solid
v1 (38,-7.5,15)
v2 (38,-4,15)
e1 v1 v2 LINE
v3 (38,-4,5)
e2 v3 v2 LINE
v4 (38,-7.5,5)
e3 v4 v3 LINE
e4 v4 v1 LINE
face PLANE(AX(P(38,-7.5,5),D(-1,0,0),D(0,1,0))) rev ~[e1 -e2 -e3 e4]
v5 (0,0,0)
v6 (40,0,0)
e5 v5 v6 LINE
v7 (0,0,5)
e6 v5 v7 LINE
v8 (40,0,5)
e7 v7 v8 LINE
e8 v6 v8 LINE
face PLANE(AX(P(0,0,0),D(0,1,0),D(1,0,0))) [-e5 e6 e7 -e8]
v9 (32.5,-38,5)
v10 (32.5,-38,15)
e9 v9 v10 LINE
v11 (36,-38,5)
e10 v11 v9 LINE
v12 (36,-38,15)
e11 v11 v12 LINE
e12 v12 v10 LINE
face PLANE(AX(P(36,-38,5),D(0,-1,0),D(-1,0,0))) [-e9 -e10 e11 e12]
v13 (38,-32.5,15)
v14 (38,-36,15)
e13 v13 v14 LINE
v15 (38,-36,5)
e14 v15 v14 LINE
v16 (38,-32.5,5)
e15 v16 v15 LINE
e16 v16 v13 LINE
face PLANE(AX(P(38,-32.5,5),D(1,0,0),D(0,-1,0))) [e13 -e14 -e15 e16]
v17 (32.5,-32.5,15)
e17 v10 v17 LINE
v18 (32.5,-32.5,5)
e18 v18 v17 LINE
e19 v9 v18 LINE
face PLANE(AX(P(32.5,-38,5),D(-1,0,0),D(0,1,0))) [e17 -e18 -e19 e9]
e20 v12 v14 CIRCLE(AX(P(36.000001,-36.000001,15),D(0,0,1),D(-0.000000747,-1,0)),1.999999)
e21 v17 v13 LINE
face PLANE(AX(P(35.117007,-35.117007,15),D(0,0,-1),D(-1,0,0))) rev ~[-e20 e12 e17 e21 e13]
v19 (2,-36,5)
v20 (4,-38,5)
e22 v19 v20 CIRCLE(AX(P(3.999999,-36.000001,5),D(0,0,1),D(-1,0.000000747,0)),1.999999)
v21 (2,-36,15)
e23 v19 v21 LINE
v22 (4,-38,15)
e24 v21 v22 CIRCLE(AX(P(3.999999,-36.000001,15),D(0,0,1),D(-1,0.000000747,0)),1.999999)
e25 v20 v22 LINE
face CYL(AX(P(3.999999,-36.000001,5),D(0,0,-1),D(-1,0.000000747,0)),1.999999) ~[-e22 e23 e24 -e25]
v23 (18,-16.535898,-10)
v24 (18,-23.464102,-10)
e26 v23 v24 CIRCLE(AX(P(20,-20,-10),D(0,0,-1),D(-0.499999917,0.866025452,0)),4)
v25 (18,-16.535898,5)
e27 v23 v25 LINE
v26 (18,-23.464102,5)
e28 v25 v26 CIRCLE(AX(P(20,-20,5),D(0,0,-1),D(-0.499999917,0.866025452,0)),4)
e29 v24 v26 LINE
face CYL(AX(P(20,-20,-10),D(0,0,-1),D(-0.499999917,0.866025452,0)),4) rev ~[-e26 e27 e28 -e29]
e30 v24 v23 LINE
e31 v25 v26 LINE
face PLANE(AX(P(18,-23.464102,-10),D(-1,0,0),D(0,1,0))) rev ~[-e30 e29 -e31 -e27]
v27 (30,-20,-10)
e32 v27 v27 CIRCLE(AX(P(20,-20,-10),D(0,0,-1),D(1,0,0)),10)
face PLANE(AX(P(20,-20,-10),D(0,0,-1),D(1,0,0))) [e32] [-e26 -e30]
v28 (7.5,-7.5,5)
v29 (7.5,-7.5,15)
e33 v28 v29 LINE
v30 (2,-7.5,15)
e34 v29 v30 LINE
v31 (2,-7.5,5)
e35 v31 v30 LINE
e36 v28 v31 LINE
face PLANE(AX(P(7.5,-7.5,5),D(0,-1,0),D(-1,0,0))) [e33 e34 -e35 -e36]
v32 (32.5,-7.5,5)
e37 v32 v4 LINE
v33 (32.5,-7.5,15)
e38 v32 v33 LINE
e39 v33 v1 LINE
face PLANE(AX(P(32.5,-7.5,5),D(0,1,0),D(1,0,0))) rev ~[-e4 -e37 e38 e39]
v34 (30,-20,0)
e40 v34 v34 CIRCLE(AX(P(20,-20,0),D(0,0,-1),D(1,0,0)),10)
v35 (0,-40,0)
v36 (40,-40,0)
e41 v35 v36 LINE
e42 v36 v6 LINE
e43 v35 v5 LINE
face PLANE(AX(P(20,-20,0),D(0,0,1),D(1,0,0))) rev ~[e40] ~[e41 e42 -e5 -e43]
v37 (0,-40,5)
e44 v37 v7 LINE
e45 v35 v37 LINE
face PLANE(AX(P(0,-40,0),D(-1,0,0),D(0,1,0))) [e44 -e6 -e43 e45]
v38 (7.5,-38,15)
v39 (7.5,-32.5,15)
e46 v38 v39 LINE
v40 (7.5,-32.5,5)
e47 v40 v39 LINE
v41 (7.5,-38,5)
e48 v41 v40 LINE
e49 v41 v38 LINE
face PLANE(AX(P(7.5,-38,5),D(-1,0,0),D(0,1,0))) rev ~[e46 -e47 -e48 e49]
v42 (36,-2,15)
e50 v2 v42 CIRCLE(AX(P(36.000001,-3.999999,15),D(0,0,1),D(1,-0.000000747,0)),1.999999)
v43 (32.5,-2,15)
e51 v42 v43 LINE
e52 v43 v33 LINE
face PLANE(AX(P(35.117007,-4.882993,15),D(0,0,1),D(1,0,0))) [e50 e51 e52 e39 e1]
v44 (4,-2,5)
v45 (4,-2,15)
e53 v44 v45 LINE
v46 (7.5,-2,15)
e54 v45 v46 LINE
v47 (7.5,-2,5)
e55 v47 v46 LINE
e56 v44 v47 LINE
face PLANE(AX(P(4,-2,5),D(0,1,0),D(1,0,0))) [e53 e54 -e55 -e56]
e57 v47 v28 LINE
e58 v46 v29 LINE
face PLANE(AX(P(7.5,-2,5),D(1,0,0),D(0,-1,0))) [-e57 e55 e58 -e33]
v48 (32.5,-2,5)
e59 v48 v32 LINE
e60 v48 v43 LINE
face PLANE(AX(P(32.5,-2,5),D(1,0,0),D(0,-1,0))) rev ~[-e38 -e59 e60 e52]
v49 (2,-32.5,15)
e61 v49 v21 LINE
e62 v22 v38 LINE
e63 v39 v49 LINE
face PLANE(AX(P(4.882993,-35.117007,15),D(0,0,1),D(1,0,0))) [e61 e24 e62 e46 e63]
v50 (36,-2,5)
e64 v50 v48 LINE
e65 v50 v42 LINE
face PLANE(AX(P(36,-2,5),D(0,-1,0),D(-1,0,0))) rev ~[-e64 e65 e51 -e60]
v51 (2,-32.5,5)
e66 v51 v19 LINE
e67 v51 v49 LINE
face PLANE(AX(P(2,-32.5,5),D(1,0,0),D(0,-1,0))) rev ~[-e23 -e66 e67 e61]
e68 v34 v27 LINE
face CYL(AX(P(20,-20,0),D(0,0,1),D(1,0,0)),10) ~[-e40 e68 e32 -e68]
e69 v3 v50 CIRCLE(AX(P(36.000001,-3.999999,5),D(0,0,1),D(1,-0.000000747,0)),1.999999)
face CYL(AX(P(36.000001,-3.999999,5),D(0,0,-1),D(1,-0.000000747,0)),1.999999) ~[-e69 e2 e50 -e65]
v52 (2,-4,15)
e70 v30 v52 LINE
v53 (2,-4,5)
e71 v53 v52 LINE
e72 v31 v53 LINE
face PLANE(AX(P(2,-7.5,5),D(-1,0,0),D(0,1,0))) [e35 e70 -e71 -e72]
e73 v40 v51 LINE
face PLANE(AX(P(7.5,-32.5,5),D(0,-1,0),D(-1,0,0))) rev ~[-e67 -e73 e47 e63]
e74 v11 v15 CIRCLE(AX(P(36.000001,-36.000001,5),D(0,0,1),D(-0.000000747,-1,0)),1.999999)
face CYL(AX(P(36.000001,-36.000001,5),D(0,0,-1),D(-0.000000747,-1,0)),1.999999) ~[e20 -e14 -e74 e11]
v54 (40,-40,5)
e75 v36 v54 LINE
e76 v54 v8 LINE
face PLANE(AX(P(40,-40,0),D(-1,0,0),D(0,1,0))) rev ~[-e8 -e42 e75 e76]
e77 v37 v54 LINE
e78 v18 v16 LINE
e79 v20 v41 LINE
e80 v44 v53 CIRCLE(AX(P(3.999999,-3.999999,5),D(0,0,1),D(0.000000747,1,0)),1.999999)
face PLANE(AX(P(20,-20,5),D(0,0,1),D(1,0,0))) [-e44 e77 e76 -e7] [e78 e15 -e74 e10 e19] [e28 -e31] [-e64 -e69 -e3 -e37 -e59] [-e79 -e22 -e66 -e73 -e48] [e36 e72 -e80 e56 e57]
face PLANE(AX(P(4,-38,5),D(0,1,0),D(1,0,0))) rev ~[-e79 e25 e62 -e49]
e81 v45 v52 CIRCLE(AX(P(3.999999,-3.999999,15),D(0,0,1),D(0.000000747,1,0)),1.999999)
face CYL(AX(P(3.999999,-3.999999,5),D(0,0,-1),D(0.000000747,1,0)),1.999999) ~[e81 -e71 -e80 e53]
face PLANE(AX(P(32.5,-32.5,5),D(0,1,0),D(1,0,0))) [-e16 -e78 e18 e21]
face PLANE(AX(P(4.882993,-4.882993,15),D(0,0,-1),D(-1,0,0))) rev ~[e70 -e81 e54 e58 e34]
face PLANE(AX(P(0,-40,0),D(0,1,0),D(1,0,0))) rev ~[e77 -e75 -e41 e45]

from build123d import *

# Parameters (mm, degrees)
EXTRUDE002_DEPTH = 20
SKETCH003_R      = 10
EXTRUDE_DEPTH    = 10
SKETCH_W         = 40
SKETCH_H         = 40
PAD_DEPTH        = 5
PAD001_DEPTH     = 10


with BuildPart() as extrude002:
    # Sketch008 (on Face1 of CopyExtrude) → Extrude002 (new body)
    with BuildSketch(Plane(origin=(0, 0, -10), x_dir=(1, 0, 0), z_dir=(0, 0, -1))):
        with BuildLine():
            ThreePointArc((18, 16.535898), (24, 20), (18, 23.464102))
            Line((18, 23.464102), (18, 16.535898))
        make_face()
    extrude(amount=-EXTRUDE002_DEPTH)


with BuildPart() as valec:
    # Sketch003 → Extrude (new body)
    with BuildSketch(Plane(origin=(0, 0, 0), x_dir=(1, 0, 0), z_dir=(0, 0, -1))):
        with Locations((20, 20)):
            Circle(SKETCH003_R)
    extrude(amount=EXTRUDE_DEPTH)


with BuildPart() as koncovkaalprofilu:
    # Sketch → Pad (new body)
    with BuildSketch(Plane.XY):
        with Locations((20, -20)):
            Rectangle(SKETCH_W, SKETCH_H)
    extrude(amount=PAD_DEPTH)

    # Sketch001 (on Face6 of Pad) → Pad001 (join)
    with BuildSketch(Plane.XY.offset(5)):
        with BuildLine():
            Line((4, -2), (7.5, -2))
            Line((7.5, -2), (7.5, -7.5))
            Line((7.5, -7.5), (2, -7.5))
            Line((2, -7.5), (2, -4))
            ThreePointArc((4, -2), (2.585786, -2.585786), (2, -4))
        make_face()
        with BuildLine():
            Line((38, -7.5), (38, -4))
            ThreePointArc((38, -4), (37.414214, -2.585786), (36, -2))
            Line((36, -2), (32.5, -2))
            Line((32.5, -2), (32.5, -7.5))
            Line((32.5, -7.5), (38, -7.5))
        make_face()
        with BuildLine():
            Line((7.5, -32.5), (2, -32.5))
            Line((2, -32.5), (2, -36))
            ThreePointArc((2, -36), (2.585786, -37.414214), (4, -38))
            Line((4, -38), (7.5, -38))
            Line((7.5, -38), (7.5, -32.5))
        make_face()
        with BuildLine():
            Line((32.5, -38), (32.5, -32.5))
            Line((32.5, -32.5), (38, -32.5))
            Line((38, -32.5), (38, -36))
            ThreePointArc((36, -38), (37.414214, -37.414214), (38, -36))
            Line((36, -38), (32.5, -38))
        make_face()
    extrude(amount=PAD001_DEPTH)

    # Fusion: union Valec
    add(valec.part)

    # Cut: cut Extrude002
    add(extrude002.part, mode=Mode.SUBTRACT)


solid = koncovkaalprofilu.part
